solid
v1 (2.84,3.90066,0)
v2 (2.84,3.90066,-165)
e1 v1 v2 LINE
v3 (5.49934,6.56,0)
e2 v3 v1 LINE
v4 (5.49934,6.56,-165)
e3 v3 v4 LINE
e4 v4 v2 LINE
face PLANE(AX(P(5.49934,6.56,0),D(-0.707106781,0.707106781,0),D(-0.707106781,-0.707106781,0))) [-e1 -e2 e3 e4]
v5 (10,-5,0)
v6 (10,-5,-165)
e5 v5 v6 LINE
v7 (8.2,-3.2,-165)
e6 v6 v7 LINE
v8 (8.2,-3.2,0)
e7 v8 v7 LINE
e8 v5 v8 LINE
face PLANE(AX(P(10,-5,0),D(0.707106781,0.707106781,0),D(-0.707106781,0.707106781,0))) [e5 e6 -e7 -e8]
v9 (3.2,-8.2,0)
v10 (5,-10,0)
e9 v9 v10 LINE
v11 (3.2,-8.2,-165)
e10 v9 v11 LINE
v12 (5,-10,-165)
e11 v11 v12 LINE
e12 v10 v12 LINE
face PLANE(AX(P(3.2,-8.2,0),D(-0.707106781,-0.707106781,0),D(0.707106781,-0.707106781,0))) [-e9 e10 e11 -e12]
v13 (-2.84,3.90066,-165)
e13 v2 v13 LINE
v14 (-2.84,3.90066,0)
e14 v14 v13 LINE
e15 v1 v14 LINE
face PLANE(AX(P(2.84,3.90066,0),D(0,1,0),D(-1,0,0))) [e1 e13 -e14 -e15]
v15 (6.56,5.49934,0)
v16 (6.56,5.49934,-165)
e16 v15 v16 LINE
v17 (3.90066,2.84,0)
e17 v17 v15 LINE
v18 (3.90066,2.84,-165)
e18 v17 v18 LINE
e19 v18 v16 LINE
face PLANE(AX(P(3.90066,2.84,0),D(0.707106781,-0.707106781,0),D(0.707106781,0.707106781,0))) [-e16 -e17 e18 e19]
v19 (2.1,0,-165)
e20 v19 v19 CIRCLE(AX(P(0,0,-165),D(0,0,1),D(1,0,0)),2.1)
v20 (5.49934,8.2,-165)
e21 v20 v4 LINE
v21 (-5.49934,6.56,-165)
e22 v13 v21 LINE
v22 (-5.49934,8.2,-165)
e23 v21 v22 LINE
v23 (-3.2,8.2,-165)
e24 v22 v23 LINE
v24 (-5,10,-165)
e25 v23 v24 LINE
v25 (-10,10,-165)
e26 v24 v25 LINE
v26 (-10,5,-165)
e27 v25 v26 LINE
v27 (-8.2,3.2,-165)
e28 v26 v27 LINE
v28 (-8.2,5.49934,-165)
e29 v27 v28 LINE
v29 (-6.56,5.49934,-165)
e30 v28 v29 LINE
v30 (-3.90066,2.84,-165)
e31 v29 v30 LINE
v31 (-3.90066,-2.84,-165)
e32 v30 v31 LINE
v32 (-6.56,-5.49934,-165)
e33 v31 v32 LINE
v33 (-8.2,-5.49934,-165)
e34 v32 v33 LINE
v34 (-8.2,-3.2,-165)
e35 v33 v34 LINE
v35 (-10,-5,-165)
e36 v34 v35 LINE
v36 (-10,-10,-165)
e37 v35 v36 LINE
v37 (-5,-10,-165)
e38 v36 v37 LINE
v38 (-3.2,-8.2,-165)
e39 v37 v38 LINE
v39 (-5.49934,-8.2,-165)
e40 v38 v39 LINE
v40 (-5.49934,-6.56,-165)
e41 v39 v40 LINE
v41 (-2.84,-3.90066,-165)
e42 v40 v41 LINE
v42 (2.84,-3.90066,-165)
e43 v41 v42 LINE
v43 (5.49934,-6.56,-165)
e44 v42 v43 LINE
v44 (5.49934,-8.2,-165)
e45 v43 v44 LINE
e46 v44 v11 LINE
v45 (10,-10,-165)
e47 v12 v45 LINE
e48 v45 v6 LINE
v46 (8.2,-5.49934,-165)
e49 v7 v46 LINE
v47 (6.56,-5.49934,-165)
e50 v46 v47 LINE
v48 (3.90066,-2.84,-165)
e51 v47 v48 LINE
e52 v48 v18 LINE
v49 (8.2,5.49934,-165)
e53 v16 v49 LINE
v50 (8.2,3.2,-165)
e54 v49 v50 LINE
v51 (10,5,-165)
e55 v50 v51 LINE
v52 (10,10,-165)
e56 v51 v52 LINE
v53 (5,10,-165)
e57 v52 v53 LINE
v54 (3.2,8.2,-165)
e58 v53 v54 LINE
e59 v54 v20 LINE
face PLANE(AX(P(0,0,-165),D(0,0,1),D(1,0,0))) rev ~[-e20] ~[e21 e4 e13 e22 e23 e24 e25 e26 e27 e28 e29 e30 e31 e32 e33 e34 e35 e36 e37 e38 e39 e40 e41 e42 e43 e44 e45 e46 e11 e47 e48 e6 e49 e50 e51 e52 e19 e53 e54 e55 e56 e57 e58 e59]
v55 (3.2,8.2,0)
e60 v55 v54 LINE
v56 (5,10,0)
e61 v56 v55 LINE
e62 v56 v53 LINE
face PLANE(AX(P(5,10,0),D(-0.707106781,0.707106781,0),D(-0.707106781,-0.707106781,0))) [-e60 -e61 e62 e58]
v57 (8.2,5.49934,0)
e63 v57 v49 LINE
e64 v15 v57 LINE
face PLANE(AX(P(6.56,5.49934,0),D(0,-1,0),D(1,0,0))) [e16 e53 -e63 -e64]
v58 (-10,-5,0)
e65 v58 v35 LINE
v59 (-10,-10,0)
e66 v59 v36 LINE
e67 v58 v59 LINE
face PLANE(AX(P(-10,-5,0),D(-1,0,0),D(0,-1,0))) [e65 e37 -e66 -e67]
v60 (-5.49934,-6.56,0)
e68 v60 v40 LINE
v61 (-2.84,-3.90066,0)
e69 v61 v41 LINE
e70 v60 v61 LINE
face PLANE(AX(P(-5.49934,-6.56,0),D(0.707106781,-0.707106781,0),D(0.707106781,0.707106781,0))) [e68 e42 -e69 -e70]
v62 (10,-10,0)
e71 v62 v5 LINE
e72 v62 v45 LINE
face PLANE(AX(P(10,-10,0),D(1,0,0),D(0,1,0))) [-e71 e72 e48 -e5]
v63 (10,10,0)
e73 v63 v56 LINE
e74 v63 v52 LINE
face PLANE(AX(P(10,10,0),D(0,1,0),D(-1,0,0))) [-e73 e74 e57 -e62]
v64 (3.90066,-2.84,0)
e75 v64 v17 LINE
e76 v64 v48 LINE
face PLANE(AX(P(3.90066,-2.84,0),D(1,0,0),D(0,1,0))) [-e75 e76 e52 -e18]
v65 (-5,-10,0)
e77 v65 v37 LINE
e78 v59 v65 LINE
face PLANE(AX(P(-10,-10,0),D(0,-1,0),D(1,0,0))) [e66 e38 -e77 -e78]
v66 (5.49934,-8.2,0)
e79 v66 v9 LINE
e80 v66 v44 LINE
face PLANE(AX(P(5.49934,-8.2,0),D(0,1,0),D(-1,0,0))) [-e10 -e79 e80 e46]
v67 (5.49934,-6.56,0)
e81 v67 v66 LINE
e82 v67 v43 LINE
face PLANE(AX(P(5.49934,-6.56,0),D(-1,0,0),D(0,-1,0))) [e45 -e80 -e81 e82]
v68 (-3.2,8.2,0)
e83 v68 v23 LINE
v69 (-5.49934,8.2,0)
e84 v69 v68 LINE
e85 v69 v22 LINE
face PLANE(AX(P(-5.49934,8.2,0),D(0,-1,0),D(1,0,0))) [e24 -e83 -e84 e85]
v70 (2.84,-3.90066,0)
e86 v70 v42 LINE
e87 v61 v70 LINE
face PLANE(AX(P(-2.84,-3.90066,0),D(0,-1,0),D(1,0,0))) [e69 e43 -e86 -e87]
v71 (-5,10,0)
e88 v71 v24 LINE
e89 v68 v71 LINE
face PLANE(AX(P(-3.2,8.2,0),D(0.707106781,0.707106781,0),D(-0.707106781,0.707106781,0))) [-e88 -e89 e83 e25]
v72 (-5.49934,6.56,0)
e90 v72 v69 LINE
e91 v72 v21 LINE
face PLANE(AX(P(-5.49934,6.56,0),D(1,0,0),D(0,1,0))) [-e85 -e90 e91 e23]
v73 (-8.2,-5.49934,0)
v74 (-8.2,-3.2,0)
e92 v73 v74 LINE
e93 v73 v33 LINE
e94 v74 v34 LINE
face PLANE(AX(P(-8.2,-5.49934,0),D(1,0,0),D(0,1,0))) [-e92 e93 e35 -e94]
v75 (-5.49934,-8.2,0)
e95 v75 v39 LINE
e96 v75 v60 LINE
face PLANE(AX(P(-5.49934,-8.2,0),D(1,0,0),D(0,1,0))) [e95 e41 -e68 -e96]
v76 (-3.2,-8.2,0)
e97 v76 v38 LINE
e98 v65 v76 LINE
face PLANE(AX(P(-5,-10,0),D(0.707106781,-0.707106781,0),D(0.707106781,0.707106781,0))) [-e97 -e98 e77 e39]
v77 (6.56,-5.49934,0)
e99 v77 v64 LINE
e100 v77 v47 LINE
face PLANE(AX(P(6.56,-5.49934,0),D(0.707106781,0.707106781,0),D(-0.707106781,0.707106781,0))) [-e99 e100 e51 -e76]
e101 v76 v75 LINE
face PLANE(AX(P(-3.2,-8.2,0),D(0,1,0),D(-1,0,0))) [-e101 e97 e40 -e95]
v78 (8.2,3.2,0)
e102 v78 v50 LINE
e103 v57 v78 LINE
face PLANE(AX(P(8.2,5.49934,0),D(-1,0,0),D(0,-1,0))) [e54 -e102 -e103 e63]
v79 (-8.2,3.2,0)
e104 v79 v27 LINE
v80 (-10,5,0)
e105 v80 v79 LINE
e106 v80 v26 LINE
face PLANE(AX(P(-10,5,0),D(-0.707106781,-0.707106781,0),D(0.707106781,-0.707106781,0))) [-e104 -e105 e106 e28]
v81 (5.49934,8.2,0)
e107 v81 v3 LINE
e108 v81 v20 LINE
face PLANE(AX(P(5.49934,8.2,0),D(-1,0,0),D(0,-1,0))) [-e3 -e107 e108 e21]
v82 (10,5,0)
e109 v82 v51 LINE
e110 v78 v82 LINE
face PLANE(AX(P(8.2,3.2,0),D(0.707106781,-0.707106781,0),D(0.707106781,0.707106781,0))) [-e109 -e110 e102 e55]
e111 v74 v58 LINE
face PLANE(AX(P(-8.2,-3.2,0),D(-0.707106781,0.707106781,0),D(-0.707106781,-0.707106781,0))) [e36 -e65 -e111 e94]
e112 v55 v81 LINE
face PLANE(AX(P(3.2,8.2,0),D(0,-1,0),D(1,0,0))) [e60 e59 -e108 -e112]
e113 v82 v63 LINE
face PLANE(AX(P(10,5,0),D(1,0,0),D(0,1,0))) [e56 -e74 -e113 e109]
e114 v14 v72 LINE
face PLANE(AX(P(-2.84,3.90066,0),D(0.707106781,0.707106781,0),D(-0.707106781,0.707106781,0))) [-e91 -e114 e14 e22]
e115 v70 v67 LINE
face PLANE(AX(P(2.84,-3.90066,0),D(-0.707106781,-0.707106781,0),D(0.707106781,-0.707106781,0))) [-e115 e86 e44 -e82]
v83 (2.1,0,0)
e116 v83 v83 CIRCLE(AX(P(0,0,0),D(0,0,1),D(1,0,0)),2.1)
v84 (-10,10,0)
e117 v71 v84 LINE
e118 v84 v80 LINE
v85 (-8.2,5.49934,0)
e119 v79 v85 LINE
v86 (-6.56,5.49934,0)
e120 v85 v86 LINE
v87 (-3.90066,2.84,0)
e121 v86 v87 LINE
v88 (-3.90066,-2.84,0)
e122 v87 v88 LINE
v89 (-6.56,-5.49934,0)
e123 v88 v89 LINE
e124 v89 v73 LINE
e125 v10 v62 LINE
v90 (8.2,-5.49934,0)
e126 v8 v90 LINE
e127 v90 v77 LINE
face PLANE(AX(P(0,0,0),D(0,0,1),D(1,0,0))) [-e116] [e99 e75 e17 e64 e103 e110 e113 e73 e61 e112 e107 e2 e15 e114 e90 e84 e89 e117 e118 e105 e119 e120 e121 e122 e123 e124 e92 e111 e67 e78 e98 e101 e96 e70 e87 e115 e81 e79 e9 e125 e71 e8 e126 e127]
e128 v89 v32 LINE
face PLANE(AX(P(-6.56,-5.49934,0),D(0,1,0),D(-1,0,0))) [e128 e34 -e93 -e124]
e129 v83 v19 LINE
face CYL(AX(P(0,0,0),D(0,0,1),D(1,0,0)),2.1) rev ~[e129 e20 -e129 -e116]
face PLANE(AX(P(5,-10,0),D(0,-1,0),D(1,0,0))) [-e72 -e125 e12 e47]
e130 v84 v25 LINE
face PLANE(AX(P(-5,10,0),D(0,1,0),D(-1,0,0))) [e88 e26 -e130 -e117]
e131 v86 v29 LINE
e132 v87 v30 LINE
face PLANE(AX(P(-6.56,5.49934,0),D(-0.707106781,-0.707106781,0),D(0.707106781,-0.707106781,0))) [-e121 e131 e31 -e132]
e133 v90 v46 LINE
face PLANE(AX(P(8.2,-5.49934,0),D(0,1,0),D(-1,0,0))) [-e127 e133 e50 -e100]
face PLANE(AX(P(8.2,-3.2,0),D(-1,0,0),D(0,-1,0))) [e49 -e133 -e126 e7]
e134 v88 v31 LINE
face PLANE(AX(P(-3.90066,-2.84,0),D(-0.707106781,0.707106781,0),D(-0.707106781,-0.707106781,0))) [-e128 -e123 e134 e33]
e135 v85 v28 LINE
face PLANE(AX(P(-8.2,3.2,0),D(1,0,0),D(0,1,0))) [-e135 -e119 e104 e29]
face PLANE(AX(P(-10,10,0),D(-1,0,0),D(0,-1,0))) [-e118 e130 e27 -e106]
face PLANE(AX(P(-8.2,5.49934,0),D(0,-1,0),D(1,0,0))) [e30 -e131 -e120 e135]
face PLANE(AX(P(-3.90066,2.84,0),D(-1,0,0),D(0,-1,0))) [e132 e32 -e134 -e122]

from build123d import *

# Parameters (mm, degrees)
SKETCH1_R           = 2.1
BOSS_EXTRUDE1_DEPTH = 165


with BuildPart() as part:
    # Sketch1 → Boss-Extrude1 (new body)
    with BuildSketch(Plane.XY):
        Polygon((-10, 10), (-10, 5), (-8.2, 3.2), (-8.2, 5.499339828), (-6.56, 5.499339828), (-3.900660172, 2.84), (-3.900660172, -2.84), (-6.56, -5.499339828), (-8.2, -5.499339828), (-8.2, -3.2), (-10, -5), (-10, -10), (-5, -10), (-3.2, -8.2), (-5.499339828, -8.2), (-5.499339828, -6.56), (-2.84, -3.900660172), (2.84, -3.900660172), (5.499339828, -6.56), (5.499339828, -8.2), (3.2, -8.2), (5, -10), (10, -10), (10, -5), (8.2, -3.2), (8.2, -5.499339828), (6.56, -5.499339828), (3.900660172, -2.84), (3.900660172, 2.84), (6.56, 5.499339828), (8.2, 5.499339828), (8.2, 3.2), (10, 5), (10, 10), (5, 10), (3.2, 8.2), (5.499339828, 8.2), (5.499339828, 6.56), (2.84, 3.900660172), (-2.84, 3.900660172), (-5.499339828, 6.56), (-5.499339828, 8.2), (-3.2, 8.2), (-5, 10), align=None)
        Circle(SKETCH1_R, mode=Mode.SUBTRACT)
    extrude(amount=-BOSS_EXTRUDE1_DEPTH)


solid = part.part
